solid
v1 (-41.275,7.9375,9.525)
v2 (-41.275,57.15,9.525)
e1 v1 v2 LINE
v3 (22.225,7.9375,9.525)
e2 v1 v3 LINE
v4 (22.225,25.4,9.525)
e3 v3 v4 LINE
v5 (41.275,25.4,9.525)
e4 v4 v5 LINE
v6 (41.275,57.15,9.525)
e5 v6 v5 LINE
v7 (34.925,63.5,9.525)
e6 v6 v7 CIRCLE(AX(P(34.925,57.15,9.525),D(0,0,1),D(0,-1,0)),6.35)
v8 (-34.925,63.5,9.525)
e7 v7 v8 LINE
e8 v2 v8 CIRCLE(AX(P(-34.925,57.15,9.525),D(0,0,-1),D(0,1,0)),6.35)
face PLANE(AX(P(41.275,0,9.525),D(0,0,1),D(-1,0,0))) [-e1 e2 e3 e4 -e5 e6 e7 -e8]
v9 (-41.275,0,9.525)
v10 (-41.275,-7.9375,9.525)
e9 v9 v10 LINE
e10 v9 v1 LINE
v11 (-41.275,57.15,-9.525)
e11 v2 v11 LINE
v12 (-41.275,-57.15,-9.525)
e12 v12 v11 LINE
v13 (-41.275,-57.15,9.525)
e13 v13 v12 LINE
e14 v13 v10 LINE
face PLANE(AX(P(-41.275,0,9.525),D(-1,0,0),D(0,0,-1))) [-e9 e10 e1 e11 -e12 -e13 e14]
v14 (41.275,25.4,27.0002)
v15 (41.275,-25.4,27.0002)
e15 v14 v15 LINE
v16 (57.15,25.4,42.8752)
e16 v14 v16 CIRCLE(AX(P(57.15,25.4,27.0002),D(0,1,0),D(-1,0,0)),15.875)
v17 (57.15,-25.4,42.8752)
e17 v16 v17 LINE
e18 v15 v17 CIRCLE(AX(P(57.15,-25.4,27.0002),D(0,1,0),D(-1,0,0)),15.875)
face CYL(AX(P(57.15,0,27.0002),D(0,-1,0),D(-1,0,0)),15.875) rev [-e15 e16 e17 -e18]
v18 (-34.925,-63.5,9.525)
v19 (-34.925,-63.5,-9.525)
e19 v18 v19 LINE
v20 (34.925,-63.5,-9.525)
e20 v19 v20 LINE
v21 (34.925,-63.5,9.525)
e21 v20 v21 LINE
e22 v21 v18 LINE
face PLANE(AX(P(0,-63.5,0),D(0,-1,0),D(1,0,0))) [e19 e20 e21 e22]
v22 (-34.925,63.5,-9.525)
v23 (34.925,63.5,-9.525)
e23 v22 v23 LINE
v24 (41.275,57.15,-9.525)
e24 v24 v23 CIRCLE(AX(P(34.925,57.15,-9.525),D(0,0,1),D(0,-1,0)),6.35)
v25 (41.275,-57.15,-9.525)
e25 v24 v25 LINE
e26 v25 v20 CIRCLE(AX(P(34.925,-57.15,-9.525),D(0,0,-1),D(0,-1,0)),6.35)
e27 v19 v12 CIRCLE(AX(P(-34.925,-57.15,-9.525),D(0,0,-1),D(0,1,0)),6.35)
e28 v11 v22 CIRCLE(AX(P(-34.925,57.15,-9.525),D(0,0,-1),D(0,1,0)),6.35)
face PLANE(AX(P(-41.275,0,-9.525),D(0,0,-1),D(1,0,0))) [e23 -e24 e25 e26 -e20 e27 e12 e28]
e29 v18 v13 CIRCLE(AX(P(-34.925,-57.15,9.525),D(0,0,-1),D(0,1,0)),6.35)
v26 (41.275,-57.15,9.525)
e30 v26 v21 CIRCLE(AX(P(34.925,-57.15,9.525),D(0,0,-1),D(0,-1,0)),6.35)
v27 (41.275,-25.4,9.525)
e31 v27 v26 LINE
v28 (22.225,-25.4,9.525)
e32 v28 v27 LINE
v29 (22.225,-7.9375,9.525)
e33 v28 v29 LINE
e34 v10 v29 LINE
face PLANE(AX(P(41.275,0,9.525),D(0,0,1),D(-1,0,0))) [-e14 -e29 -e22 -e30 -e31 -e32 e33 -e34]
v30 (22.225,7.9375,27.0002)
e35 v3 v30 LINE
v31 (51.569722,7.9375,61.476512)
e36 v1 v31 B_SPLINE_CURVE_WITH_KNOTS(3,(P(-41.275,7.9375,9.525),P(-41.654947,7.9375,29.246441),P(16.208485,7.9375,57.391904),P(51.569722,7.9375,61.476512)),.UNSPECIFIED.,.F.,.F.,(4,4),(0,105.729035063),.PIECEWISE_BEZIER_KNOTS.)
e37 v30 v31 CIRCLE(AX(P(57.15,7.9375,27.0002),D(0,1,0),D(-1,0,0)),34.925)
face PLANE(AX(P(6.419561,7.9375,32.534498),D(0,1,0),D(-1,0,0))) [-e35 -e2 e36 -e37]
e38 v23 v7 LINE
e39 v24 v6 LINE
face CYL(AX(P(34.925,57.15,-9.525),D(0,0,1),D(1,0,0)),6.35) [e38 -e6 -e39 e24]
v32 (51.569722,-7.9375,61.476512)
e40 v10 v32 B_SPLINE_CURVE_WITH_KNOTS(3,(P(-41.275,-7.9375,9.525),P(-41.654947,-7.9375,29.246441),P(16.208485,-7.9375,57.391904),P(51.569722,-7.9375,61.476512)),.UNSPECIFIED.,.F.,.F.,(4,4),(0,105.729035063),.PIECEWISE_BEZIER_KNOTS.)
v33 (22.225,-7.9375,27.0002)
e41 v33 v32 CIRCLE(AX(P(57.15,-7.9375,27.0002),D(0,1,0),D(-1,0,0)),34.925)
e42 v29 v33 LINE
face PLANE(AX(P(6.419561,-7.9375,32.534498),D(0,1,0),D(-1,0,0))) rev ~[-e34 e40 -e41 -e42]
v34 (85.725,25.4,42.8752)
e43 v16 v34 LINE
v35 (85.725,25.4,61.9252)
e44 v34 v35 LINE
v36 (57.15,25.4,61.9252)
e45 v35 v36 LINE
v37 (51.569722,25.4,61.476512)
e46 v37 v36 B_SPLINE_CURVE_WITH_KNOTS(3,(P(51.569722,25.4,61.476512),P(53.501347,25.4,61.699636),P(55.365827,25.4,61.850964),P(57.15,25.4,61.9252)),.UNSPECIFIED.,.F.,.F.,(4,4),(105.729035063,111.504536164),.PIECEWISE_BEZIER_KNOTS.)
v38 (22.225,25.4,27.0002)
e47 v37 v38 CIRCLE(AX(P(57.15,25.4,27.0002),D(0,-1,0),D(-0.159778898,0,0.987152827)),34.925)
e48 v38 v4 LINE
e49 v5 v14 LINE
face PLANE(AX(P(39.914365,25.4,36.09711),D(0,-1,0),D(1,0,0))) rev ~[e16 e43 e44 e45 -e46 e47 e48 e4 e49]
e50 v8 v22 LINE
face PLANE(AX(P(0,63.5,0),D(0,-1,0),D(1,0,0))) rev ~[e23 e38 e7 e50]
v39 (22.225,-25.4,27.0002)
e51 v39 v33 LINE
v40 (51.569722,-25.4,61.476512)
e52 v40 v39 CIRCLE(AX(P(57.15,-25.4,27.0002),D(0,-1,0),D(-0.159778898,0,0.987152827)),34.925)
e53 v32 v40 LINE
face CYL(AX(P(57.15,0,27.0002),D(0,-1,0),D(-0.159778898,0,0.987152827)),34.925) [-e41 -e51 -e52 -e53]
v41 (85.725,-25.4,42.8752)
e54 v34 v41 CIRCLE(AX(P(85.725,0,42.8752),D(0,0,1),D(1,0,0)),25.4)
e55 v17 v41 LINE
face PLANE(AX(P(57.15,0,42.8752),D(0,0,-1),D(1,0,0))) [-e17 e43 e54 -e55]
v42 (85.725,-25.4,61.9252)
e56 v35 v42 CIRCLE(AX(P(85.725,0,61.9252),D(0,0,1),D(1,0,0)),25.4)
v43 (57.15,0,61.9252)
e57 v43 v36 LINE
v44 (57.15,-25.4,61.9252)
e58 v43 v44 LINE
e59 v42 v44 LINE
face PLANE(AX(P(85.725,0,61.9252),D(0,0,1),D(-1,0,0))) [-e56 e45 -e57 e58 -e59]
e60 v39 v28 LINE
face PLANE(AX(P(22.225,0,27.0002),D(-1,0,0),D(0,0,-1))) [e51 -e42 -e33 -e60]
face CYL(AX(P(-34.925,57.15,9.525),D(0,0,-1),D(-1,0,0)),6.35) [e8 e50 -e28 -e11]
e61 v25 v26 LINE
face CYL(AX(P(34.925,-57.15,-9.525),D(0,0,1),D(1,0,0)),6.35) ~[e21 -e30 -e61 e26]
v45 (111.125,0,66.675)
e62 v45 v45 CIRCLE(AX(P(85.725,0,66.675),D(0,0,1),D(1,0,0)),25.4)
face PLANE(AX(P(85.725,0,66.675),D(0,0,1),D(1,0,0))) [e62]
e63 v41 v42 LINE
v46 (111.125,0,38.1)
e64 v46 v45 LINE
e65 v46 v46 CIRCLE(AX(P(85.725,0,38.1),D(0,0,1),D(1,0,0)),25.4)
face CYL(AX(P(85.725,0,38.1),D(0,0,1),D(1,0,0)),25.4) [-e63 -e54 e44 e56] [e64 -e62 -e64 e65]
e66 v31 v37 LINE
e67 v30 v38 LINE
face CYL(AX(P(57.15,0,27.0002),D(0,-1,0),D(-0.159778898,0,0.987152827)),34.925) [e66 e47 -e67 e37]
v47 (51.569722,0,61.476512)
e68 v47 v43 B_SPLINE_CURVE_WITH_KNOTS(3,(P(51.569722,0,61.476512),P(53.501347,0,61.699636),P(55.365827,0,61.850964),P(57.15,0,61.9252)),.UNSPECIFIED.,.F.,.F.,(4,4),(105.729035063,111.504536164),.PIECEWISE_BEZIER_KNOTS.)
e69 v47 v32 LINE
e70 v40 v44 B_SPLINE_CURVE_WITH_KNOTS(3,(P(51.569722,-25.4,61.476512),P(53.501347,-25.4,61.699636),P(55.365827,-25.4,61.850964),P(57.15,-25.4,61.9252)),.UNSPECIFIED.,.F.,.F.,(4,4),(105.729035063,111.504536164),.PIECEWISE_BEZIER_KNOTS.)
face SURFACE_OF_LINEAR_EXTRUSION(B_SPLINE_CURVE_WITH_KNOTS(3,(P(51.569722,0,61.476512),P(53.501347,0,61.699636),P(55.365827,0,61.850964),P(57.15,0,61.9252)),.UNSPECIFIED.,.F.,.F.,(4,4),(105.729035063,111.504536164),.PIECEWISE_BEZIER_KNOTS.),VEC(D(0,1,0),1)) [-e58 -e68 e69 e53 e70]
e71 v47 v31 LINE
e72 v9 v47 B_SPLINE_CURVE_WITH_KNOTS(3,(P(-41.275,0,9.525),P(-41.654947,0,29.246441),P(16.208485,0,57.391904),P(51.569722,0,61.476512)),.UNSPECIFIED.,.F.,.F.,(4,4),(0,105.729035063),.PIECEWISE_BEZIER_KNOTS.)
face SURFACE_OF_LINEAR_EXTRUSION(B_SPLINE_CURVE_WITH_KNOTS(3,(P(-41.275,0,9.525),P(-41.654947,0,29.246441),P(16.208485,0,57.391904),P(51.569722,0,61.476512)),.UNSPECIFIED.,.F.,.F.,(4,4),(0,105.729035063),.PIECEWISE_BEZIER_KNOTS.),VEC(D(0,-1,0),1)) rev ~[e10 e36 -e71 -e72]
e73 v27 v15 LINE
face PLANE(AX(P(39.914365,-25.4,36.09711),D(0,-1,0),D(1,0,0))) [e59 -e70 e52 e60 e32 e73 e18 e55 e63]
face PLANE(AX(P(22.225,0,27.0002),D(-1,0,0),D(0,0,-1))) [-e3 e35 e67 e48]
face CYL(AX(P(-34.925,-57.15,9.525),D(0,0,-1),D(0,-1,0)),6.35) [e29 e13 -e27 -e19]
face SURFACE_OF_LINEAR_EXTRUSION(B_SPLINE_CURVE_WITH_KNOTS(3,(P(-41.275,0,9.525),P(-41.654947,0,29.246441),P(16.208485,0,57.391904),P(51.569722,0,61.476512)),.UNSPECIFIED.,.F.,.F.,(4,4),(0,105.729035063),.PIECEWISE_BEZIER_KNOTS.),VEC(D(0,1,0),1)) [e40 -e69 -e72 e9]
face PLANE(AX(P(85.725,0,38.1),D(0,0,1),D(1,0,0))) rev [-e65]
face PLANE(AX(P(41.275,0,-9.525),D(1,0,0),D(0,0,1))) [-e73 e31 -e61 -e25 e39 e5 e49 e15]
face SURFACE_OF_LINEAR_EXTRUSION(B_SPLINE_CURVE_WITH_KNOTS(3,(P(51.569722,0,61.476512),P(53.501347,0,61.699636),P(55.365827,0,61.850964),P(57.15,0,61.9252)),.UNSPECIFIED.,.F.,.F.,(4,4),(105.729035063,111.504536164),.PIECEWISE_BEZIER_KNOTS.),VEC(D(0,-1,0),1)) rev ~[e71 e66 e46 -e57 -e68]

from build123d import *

# Parameters (mm, degrees)
F1_DEPTH = 63.5
F2_DEPTH = 7.9375
F0_W     = 25.4
F0_H     = 19.05
F3_DEPTH = 25.4
F5_R     = 6.35


with BuildPart() as f1:
    # F0 (on Front) → F1 (new body, symmetric)
    with BuildSketch(Plane.XZ):
        Polygon((-41.275, -9.525), (41.275, -9.525), (41.275, 9.525), (22.225, 9.525), (-41.275, 9.525), align=None)
    extrude(amount=F1_DEPTH, both=True)

    # F0 (on Front) → F2 (join, symmetric)
    with BuildSketch(Plane.XZ):
        with BuildLine():
            add(Edge.make_bspline(
                [(-41.275, 9.525), (-41.6549469466, 29.246440989), (16.2084851721, 57.3919038747), (51.5697219999, 61.4765124832)],
                knots=[0, 0, 0, 0, 105.7290350632, 105.7290350632, 105.7290350632, 105.7290350632], degree=3))
            Line((-41.275, 9.525), (22.225, 9.525))
            Line((22.225, 9.525), (22.225, 27.0002))
            ThreePointArc((22.225, 27.0002), (30.5544474192, 49.6371655193), (51.5697219999, 61.4765124832))
        make_face()
    extrude(amount=F2_DEPTH, both=True)

    # F0 (on Front) → F3 (join, symmetric)
    with BuildSketch(Plane.XZ):
        with BuildLine():
            Line((22.225, 9.525), (41.275, 9.525))
            Line((41.275, 9.525), (41.275, 27.0002))
            ThreePointArc((41.275, 27.0002), (45.9246798487, 38.2255201513), (57.15, 42.8752))
            Line((57.15, 42.8752), (60.325, 42.8752))
            Line((60.325, 42.8752), (60.325, 61.9252))
            Line((60.325, 61.9252), (57.15, 61.9252))
            add(Edge.make_bspline(
                [(51.5697219999, 61.4765124832), (53.5013471404, 61.699636259), (55.3658269691, 61.8509637705), (57.15, 61.9252)],
                knots=[105.7290350632, 105.7290350632, 105.7290350632, 105.7290350632, 111.5045361635, 111.5045361635, 111.5045361635, 111.5045361635], degree=3))
            ThreePointArc((51.5697219999, 61.4765124832), (30.5544474192, 49.6371655193), (22.225, 27.0002))
            Line((22.225, 27.0002), (22.225, 9.525))
        make_face()
        with Locations((73.025, 52.4002)):
            Rectangle(F0_W, F0_H)
    extrude(amount=F3_DEPTH, both=True)

    # F0 (on Front) → F4 (revolve)
    with BuildSketch(Plane.XZ):
        Polygon((85.725, 61.9252), (85.725, 42.8752), (85.725, 38.1), (111.125, 38.1), (111.125, 66.675), (85.725, 66.675), align=None)
    revolve(axis=Axis((85.725, 0, 52.3875), (0, 0, 1)))

    # F5
    f5_edges = [f1.edges().sort_by_distance(p)[0] for p in [
        (41.275, -63.5, 0),
        (-41.275, -63.5, 0),
        (-41.275, 63.5, 0),
        (41.275, 63.5, 0),
    ]]
    fillet(f5_edges, radius=F5_R)


solid = f1.part
